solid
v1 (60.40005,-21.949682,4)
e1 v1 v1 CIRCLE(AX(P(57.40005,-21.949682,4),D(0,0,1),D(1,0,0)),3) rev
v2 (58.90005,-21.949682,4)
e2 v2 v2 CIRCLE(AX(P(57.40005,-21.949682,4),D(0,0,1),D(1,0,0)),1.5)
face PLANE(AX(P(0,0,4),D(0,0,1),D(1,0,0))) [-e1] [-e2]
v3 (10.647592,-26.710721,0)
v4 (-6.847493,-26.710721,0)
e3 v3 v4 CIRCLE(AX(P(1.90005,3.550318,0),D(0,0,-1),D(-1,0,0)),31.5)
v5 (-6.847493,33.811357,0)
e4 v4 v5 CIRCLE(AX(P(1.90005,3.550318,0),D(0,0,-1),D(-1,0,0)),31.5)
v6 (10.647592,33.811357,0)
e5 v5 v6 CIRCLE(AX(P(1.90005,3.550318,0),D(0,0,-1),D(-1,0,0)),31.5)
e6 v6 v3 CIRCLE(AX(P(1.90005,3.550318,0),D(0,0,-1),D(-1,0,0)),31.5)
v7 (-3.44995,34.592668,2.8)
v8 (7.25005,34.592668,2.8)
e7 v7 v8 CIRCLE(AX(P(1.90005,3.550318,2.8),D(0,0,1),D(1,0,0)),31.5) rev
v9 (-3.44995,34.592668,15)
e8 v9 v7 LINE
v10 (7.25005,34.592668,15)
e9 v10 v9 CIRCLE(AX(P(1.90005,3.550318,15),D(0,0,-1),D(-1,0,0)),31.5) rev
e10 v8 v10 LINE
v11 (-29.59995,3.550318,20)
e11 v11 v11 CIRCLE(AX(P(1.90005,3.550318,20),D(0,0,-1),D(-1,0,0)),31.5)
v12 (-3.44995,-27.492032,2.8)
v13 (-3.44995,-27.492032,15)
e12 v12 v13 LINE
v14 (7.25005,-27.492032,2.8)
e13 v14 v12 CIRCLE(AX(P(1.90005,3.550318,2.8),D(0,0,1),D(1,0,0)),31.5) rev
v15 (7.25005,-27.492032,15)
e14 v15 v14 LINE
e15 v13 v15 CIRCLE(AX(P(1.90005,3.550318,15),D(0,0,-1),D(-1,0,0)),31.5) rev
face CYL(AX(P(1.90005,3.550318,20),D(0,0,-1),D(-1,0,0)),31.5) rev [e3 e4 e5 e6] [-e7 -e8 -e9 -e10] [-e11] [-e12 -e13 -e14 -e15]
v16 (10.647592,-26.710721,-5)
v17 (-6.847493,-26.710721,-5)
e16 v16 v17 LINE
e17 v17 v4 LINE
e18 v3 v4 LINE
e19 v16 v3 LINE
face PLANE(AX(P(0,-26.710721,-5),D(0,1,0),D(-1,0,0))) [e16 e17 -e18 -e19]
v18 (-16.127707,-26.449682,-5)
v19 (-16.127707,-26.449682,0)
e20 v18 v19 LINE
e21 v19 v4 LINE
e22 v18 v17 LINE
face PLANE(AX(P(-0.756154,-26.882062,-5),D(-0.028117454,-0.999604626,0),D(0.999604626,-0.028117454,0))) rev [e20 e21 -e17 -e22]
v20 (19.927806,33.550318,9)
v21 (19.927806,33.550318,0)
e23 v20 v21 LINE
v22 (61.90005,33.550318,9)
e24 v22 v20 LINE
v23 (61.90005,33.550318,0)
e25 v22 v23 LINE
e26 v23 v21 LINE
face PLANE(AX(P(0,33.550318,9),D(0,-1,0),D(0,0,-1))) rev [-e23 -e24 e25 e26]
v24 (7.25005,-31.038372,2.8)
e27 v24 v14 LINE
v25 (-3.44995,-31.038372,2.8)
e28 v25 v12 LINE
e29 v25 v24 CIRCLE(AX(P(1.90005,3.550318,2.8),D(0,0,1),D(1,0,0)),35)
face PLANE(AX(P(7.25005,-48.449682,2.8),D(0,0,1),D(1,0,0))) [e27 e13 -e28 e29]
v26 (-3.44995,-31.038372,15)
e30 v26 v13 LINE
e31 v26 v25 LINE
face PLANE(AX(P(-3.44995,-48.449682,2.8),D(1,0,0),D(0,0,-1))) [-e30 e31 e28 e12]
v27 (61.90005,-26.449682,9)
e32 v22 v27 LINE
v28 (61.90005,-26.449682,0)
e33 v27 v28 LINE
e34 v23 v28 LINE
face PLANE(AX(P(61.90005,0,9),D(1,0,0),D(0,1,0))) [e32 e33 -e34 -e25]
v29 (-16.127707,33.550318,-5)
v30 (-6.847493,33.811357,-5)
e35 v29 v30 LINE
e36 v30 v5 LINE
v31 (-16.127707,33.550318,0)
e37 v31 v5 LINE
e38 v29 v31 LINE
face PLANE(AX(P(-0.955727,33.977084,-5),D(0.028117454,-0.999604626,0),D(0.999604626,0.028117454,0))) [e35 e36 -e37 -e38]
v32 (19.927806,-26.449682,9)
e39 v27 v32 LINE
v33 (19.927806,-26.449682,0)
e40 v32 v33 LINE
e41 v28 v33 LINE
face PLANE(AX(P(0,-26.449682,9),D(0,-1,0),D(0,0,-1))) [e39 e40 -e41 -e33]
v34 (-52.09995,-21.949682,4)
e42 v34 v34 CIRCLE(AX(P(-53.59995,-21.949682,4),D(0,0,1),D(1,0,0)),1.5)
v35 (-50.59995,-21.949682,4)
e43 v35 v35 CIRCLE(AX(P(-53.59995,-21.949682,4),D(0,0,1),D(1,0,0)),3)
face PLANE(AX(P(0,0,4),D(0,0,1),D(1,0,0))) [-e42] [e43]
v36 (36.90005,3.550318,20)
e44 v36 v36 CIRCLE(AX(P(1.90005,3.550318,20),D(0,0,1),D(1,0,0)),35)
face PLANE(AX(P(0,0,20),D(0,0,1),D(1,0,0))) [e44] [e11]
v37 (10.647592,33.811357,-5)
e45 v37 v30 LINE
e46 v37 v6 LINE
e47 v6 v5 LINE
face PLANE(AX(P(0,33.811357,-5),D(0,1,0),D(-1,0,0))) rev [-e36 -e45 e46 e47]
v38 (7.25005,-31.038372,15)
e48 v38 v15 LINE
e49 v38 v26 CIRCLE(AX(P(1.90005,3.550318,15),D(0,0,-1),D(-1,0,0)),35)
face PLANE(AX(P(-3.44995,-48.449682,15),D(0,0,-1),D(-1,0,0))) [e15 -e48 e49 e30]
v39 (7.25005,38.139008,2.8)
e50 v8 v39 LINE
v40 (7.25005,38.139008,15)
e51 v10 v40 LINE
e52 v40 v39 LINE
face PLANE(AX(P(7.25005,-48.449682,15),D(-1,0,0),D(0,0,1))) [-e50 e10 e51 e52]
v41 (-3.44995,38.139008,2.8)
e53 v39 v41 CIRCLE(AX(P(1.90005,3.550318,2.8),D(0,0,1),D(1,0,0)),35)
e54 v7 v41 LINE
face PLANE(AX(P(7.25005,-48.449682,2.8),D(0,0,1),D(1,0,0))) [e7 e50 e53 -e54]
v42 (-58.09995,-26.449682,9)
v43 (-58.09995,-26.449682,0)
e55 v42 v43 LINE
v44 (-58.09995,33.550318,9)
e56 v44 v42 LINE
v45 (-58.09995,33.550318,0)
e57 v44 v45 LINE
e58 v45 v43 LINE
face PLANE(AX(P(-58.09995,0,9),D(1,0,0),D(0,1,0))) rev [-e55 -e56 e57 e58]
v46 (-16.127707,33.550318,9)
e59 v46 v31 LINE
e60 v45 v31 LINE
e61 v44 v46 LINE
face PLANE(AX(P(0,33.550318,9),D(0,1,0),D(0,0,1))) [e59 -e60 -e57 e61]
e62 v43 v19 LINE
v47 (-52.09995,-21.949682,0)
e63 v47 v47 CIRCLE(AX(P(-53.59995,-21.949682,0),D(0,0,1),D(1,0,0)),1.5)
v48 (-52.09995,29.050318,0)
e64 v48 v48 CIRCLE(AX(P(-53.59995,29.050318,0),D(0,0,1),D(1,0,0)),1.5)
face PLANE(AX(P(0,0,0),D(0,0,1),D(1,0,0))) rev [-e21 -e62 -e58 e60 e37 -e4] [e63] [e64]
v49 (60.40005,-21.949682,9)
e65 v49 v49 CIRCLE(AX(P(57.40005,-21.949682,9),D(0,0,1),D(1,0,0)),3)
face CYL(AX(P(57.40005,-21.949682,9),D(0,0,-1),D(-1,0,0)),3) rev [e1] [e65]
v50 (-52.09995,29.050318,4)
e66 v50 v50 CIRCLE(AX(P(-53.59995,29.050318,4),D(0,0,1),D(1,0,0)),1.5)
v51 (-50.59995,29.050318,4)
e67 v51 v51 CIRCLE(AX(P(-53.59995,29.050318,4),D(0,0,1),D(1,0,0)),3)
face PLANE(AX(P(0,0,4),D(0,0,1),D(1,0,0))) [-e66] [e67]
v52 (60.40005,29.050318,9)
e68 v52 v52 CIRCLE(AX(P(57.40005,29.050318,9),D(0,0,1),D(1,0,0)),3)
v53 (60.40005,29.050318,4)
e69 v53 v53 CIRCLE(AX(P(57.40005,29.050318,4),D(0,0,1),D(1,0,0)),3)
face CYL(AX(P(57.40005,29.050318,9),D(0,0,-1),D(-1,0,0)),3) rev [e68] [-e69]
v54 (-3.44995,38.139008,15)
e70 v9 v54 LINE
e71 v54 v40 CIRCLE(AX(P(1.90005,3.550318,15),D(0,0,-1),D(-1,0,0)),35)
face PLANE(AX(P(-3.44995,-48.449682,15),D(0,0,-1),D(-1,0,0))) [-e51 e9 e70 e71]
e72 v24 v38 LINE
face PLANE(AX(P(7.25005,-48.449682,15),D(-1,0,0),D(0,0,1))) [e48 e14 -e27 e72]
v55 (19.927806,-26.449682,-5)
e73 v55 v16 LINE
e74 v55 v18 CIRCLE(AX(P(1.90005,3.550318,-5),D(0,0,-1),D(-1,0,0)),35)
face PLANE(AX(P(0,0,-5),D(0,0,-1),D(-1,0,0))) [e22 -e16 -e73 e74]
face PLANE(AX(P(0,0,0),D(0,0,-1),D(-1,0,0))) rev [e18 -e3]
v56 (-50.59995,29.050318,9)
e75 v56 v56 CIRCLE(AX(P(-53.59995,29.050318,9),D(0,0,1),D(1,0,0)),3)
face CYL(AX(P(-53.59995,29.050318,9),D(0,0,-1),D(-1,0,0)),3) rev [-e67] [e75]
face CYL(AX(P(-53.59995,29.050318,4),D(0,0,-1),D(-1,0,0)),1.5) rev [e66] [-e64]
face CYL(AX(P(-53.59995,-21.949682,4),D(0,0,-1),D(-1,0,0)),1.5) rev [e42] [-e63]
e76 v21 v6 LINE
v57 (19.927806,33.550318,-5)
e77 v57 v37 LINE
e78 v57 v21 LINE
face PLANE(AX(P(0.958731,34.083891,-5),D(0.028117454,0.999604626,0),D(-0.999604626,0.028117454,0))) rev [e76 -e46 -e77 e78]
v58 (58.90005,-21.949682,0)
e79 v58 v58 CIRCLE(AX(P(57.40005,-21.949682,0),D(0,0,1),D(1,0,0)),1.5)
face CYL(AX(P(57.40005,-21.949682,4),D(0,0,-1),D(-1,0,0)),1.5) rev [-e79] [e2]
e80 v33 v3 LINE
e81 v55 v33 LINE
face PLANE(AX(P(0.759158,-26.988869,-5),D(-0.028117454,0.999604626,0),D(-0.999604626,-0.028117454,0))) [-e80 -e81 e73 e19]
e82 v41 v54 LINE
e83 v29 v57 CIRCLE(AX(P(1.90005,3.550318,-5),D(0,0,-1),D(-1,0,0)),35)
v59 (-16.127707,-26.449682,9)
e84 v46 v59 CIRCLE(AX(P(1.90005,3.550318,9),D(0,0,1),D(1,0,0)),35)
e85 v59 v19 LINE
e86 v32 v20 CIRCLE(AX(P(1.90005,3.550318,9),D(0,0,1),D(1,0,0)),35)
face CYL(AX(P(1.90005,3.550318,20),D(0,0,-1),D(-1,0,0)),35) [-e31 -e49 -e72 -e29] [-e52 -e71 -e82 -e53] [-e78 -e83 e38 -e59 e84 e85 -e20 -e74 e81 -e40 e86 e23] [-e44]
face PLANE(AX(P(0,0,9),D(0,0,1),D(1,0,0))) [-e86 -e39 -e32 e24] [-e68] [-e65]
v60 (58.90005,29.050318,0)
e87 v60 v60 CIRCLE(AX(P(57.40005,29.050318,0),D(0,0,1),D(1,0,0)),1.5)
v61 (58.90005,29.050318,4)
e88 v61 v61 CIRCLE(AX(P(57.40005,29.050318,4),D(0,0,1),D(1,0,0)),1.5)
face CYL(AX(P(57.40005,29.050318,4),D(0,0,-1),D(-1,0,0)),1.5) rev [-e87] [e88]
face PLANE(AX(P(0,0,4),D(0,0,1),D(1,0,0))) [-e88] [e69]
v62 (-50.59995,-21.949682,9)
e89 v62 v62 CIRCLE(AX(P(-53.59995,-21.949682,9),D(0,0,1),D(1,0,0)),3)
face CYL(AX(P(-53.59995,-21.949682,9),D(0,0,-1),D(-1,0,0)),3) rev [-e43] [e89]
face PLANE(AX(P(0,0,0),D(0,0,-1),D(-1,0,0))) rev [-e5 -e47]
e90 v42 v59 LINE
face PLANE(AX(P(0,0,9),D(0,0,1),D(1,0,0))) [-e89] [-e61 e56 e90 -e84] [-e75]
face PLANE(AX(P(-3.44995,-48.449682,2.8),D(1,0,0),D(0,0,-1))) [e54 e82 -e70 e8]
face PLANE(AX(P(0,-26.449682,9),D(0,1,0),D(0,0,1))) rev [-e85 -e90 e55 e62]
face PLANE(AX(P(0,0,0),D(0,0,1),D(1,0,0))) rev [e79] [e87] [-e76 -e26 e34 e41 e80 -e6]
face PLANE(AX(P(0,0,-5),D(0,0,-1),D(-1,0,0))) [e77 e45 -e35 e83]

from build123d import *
from build123d.topology import SkipClean

# Parameters (mm, degrees)
SKETCH1_R               = 33.5
BOSS_EXTRUDE1_DEPTH     = 20
SKETCH1_5_R             = 3
SKETCH1_5_R_2           = 1.5
BOSS_EXTRUDE3_DEPTH     = 4
BOSS_EXTRUDE3_2_DEPTH   = 4
BOSS_EXTRUDE3_3_DEPTH   = 4
BOSS_EXTRUDE3_4_DEPTH   = 4
SKETCH1_6_R             = 3
BOSS_EXTRUDE4_DEPTH     = 9
CUT_EXTRUDE2_DEPTH      = 22
CUT_EXTRUDE2_DEPTH_BACK = 76
SKETCH3_W               = 10.7
SKETCH3_H               = 12.2
SKETCH5_R               = 35
SKETCH5_R_2             = 31.5
BOSS_EXTRUDE9_DEPTH     = 20
BOSS_EXTRUDE11_START    = 5
BOSS_EXTRUDE11_DEPTH    = 5
CUT_EXTRUDE3_DEPTH      = 22
CUT_EXTRUDE3_DEPTH_BACK = 92
SKETCH3_2_W             = 10.7
SKETCH3_2_H             = 12.2


with BuildPart() as part:
    # Sketch1 → Boss-Extrude1 (new body)
    with BuildSketch(Plane.XY):
        with BuildLine():
            ThreePointArc((19.927805895, 33.550317981), (1.900049518, 38.550317981), (-16.12770686, 33.550317981))
            ThreePointArc((-16.12770686, 33.550317981), (-33.099950482, 3.550317981), (-16.12770686, -26.449682019))
            ThreePointArc((-16.12770686, -26.449682019), (1.900049518, -31.449682019), (19.927805895, -26.449682019))
            ThreePointArc((19.927805895, -26.449682019), (32.362907831, -13.683783776), (36.900049518, 3.550317981))
            ThreePointArc((36.900049518, 3.550317981), (32.362907831, 20.784419739), (19.927805895, 33.550317981))
        make_face()
        with Locations((1.900049518, 3.550317981)):
            Circle(SKETCH1_R, mode=Mode.SUBTRACT)
    extrude(amount=BOSS_EXTRUDE1_DEPTH)



with BuildPart() as body_2:
    # Sketch1<5> → Boss-Extrude3 (new body)
    with BuildSketch(Plane.XY):
        with Locations((-53.599950482, -21.949682019)):
            Circle(SKETCH1_5_R)
        with Locations((-53.599950482, -21.949682019)):
            Circle(SKETCH1_5_R_2, mode=Mode.SUBTRACT)
    extrude(amount=BOSS_EXTRUDE3_DEPTH)


with BuildPart() as body_3:
    # Sketch1<5> → Boss-Extrude3 2 (new body)
    with BuildSketch(Plane.XY):
        with Locations((-53.599950482, 29.050317981)):
            Circle(SKETCH1_5_R)
        with Locations((-53.599950482, 29.050317981)):
            Circle(SKETCH1_5_R_2, mode=Mode.SUBTRACT)
    extrude(amount=BOSS_EXTRUDE3_2_DEPTH)


with BuildPart() as body_4:
    # Sketch1<5> → Boss-Extrude3 3 (new body)
    with BuildSketch(Plane.XY):
        with Locations((57.400049518, 29.050317981)):
            Circle(SKETCH1_5_R)
        with Locations((57.400049518, 29.050317981)):
            Circle(SKETCH1_5_R_2, mode=Mode.SUBTRACT)
    extrude(amount=BOSS_EXTRUDE3_3_DEPTH)


with BuildPart() as body_5:
    # Sketch1<5> → Boss-Extrude3 4 (new body)
    with BuildSketch(Plane.XY):
        with Locations((57.400049518, -21.949682019)):
            Circle(SKETCH1_5_R)
        with Locations((57.400049518, -21.949682019)):
            Circle(SKETCH1_5_R_2, mode=Mode.SUBTRACT)
    extrude(amount=BOSS_EXTRUDE3_4_DEPTH)


with BuildPart() as part_1:
    add(part.part)

    add(body_2.part)  # Boss-Extrude4 merges body 2

    add(body_3.part)  # Boss-Extrude4 merges body 3

    add(body_4.part)  # Boss-Extrude4 merges body 4

    add(body_5.part)  # Boss-Extrude4 merges body 5
    # Sketch1<6> → Boss-Extrude4 (add)
    # profile 1 of 2: a face of its own
    with BuildSketch(Plane.XY):
        with BuildLine():
            Line((-16.12770686, 33.550317981), (-58.099950482, 33.550317981))
            Line((-58.099950482, 33.550317981), (-58.099950482, -26.449682019))
            Line((-58.099950482, -26.449682019), (-16.12770686, -26.449682019))
            ThreePointArc((-16.12770686, -26.449682019), (-33.099950482, 3.550317981), (-16.12770686, 33.550317981))
        make_face()
        with Locations((-53.599950482, -21.949682019)):
            Circle(SKETCH1_6_R, mode=Mode.SUBTRACT)
        with Locations((-53.599950482, 29.050317981)):
            Circle(SKETCH1_6_R, mode=Mode.SUBTRACT)
    # profile 2 of 2: a face of its own
    with BuildSketch(Plane.XY):
        with BuildLine():
            Line((61.900049518, 33.550317981), (19.927805895, 33.550317981))
            ThreePointArc((19.927805895, 33.550317981), (36.900049518, 3.550317981), (19.927805895, -26.449682019))
            Line((19.927805895, -26.449682019), (61.900049518, -26.449682019))
            Line((61.900049518, -26.449682019), (61.900049518, 33.550317981))
        make_face()
        with Locations((57.400049518, -21.949682019)):
            Circle(SKETCH1_6_R, mode=Mode.SUBTRACT)
        with Locations((57.400049518, 29.050317981)):
            Circle(SKETCH1_6_R, mode=Mode.SUBTRACT)
    extrude(amount=BOSS_EXTRUDE4_DEPTH)

    # Sketch3 → Cut-Extrude2 (cut, two sides: drawn at the far end of the back side and taken through both)
    with BuildSketch(Plane(origin=(0, -26.449682019, 0), x_dir=(-1, 0, 0), z_dir=(0, -1, 0)).offset(-CUT_EXTRUDE2_DEPTH_BACK)):
        with Locations((-1.900049518, -8.9)):
            Rectangle(SKETCH3_W, SKETCH3_H)
    extrude(amount=CUT_EXTRUDE2_DEPTH + CUT_EXTRUDE2_DEPTH_BACK, mode=Mode.SUBTRACT)

    # Sketch5 → Boss-Extrude9 (add)
    with BuildSketch(Plane(origin=(0, 0, 0), x_dir=(-1, 0, 0), z_dir=(0, 0, -1))):
        with Locations((-1.900049518, 3.550317981)):
            Circle(SKETCH5_R)
        with Locations((-1.900049518, 3.550317981)):
            Circle(SKETCH5_R_2, mode=Mode.SUBTRACT)
    extrude(amount=-BOSS_EXTRUDE9_DEPTH)

    # Sketch5<11> → Boss-Extrude11 (add)
    with SkipClean():  # the faces are left unmerged after this step: merging them gives an invalid solid
        with BuildSketch(Plane(origin=(0, 0, 0), x_dir=(-1, 0, 0), z_dir=(0, 0, -1)).offset(BOSS_EXTRUDE11_START)):
            with BuildLine():
                ThreePointArc((-19.927805895, -26.449682019), (-1.900049518, -31.449682019), (16.12770686, -26.449682019))
                Line((16.12770686, -26.449682019), (6.84749343, -26.710721201))
                Line((6.84749343, -26.710721201), (-10.647592465, -26.710721201))
                Line((-10.647592465, -26.710721201), (-19.927805895, -26.449682019))
            make_face()
            with BuildLine():
                ThreePointArc((16.12770686, 33.550317981), (-1.900049518, 38.550317981), (-19.927805895, 33.550317981))
                Line((-19.927805895, 33.550317981), (-10.647592465, 33.811357163))
                Line((-10.647592465, 33.811357163), (6.84749343, 33.811357163))
                Line((6.84749343, 33.811357163), (16.12770686, 33.550317981))
            make_face()
        extrude(amount=-BOSS_EXTRUDE11_DEPTH)

    # Sketch3<2> → Cut-Extrude3 (cut, two sides: drawn at the far end of the back side and taken through both)
    with SkipClean():  # the faces are left unmerged after this step: merging them gives an invalid solid
        with BuildSketch(Plane(origin=(0, -26.449682019, 0), x_dir=(-1, 0, 0), z_dir=(0, -1, 0)).offset(-CUT_EXTRUDE3_DEPTH_BACK)):
            with Locations((-1.900049518, -8.9)):
                Rectangle(SKETCH3_2_W, SKETCH3_2_H)
        extrude(amount=CUT_EXTRUDE3_DEPTH + CUT_EXTRUDE3_DEPTH_BACK, mode=Mode.SUBTRACT)


solid = part_1.part
